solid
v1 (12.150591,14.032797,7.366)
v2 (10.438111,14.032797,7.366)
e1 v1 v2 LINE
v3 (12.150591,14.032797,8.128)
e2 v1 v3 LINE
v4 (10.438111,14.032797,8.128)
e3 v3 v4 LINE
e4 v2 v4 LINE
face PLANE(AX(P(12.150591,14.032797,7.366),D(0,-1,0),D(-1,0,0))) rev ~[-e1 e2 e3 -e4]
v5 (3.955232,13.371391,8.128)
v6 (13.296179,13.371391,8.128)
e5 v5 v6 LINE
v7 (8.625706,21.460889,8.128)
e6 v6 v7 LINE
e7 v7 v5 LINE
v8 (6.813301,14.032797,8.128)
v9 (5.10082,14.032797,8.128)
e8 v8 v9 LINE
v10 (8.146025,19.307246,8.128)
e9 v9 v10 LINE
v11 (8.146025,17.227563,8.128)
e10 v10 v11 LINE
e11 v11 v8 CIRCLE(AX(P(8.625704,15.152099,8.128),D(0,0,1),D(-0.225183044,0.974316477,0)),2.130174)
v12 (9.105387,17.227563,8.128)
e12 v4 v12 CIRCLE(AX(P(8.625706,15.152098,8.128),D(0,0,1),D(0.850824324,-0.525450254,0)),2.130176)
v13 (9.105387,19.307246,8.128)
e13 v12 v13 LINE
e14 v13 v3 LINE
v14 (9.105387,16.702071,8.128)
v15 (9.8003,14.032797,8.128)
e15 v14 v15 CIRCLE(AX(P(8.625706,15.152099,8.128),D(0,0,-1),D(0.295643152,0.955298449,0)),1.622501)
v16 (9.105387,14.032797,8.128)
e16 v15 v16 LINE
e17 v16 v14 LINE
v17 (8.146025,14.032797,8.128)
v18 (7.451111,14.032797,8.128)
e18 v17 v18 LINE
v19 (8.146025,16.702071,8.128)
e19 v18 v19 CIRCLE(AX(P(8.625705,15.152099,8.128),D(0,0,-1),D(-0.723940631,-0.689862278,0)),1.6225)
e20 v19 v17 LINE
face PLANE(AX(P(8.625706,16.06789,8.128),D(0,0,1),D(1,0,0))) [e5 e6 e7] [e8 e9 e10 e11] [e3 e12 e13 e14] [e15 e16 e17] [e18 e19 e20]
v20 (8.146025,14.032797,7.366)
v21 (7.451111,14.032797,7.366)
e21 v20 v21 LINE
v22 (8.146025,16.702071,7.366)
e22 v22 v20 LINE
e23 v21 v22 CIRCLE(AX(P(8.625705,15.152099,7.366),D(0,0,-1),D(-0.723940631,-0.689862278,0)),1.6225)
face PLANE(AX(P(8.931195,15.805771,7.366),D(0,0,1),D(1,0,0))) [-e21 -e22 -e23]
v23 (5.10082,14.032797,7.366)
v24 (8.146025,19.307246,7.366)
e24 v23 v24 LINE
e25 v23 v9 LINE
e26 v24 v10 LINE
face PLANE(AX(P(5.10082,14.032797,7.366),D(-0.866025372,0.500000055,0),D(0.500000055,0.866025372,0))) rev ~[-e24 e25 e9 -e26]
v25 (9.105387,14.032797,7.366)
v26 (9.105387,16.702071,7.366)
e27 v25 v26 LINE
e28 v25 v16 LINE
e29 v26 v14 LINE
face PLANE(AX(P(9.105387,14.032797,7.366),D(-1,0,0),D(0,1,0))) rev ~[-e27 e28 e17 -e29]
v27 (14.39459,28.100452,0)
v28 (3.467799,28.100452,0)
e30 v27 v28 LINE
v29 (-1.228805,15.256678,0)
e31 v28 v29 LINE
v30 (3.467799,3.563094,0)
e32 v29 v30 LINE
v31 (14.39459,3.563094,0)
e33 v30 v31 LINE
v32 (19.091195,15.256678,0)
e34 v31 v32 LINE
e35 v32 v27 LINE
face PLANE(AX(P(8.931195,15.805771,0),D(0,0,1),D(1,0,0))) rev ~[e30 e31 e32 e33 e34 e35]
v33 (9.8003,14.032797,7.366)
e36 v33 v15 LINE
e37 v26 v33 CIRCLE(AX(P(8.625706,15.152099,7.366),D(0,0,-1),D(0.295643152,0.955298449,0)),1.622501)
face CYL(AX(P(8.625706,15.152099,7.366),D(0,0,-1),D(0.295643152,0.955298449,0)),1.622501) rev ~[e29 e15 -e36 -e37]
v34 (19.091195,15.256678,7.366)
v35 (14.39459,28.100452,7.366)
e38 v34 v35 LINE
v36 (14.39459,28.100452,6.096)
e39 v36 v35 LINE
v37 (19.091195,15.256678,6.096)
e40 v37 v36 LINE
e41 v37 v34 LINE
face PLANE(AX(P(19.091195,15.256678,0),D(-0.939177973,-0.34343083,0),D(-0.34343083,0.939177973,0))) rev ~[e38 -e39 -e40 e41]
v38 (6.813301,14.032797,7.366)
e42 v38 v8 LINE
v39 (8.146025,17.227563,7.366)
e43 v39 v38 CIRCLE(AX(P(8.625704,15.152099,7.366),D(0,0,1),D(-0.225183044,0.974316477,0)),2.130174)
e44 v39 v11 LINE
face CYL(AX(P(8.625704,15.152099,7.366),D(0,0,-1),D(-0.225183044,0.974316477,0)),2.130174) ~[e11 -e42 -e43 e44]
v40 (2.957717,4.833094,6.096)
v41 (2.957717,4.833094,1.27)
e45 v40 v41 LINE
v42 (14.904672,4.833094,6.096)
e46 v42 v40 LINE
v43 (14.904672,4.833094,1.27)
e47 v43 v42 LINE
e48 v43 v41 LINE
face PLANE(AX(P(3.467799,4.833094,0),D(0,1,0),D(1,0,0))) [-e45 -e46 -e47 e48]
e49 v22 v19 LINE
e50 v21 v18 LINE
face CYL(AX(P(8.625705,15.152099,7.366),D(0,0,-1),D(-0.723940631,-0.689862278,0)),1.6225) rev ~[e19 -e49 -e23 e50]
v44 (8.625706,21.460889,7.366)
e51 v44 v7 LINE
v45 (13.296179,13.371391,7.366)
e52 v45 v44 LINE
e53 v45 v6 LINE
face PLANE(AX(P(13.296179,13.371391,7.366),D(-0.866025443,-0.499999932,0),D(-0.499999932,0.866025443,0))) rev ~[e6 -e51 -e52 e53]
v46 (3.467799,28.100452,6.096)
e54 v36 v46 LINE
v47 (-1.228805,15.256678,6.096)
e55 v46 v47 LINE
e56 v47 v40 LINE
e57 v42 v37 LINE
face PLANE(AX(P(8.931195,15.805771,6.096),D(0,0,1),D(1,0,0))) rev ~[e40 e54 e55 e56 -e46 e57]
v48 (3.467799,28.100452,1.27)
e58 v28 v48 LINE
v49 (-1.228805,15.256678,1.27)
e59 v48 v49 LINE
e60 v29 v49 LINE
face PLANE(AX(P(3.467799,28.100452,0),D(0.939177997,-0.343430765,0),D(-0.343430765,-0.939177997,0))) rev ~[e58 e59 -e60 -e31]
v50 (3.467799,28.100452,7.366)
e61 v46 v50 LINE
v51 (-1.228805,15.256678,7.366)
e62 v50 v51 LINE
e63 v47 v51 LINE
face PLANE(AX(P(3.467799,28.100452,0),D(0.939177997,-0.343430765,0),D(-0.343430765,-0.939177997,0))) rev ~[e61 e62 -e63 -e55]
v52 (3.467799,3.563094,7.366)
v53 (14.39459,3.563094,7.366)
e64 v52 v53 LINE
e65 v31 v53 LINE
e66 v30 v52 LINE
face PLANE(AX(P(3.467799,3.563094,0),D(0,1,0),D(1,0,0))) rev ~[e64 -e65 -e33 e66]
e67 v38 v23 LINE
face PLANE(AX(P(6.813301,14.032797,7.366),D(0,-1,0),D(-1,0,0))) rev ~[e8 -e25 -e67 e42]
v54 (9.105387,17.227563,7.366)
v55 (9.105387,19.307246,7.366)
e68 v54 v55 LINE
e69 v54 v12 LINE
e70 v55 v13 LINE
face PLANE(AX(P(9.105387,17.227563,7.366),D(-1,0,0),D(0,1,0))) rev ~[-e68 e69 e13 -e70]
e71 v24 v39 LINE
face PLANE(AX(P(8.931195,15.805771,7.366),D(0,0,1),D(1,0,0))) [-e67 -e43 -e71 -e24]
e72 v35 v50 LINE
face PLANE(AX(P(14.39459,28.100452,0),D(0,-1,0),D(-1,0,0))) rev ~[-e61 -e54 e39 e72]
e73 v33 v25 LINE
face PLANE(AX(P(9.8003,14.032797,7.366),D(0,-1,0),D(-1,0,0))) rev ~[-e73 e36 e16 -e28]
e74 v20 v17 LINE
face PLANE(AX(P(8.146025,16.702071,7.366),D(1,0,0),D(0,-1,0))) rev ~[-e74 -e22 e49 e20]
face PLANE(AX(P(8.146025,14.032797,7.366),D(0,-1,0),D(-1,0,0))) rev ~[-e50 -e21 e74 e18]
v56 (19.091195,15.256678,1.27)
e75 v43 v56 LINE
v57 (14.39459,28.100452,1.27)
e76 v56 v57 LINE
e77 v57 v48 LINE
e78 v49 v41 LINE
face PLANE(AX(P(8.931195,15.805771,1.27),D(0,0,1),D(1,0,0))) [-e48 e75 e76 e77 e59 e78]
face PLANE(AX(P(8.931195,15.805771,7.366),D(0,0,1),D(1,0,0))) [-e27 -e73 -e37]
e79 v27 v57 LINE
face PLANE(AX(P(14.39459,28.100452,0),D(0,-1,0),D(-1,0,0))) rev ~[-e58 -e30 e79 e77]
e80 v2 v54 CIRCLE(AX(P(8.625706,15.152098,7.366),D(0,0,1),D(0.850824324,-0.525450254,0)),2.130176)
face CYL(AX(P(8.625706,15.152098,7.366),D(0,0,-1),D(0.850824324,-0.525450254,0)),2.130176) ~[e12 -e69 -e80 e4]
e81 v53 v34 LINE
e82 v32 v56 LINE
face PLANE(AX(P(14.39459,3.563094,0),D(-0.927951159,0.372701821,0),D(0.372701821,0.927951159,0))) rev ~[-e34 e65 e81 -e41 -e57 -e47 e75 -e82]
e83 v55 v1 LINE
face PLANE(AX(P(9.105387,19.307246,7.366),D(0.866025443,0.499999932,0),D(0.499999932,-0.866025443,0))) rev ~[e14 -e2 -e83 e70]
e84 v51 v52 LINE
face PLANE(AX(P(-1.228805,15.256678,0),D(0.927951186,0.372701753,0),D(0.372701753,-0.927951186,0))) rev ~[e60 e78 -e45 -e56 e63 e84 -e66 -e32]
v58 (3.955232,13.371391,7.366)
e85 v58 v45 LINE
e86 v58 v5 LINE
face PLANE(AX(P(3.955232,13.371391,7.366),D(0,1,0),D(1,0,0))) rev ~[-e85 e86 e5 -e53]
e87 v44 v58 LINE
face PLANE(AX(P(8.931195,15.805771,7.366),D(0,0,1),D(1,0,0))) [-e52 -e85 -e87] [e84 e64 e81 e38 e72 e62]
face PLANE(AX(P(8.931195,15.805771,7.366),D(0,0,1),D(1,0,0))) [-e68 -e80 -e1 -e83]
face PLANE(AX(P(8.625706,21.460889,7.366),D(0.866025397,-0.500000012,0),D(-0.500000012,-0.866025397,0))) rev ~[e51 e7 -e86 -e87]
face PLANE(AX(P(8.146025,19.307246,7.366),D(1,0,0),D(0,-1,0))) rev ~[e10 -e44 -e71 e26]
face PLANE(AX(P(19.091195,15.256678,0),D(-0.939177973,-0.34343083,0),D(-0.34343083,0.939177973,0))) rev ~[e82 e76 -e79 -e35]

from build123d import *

# Parameters (mm, degrees)
F1_DEPTH = 7.366
F2_T     = -1.27
F4_DEPTH = 0.762


with BuildPart() as f1:
    # F0 (on Top) → F1 (new body)
    with BuildSketch(Plane.XY):
        Polygon((14.39459, 28.100452), (3.467799, 28.100452), (-1.228805, 15.256678), (3.467799, 3.563094), (8.931195, 3.563094), (14.39459, 3.563094), (19.091195, 15.256678), align=None)
    extrude(amount=F1_DEPTH)

    # F2
    f2_openings = [f1.faces().sort_by_distance(p)[0] for p in [
        (8.931195, 28.100452, 3.683),
        (16.742892, 21.678565, 3.683),
        (16.742892, 9.409886, 3.683),
        (1.119497, 21.678565, 3.683),
        (1.119497, 9.409886, 3.683),
    ]]
    offset(amount=F2_T, openings=f2_openings)

    # F3 (on face) → F4 (join)
    with BuildSketch(Plane.XY.offset(7.366)):
        Polygon((3.955232, 13.371391), (13.296179, 13.371391), (8.625706, 21.460889), align=None)
        with BuildLine():
            ThreePointArc((7.451111, 14.032797), (7.055542, 15.560872), (8.146025, 16.702071))
            Line((8.146025, 16.702071), (8.146025, 14.032797))
            Line((8.146025, 14.032797), (7.451111, 14.032797))
        make_face(mode=Mode.SUBTRACT)
        with BuildLine():
            ThreePointArc((9.105387, 16.702071), (10.195869, 15.560872), (9.8003, 14.032797))
            Line((9.8003, 14.032797), (9.105387, 14.032797))
            Line((9.105387, 14.032797), (9.105387, 16.702071))
        make_face(mode=Mode.SUBTRACT)
        with BuildLine():
            Line((6.813301, 14.032797), (5.10082, 14.032797))
            Line((5.10082, 14.032797), (8.146025, 19.307246))
            Line((8.146025, 19.307246), (8.146025, 17.227563))
            ThreePointArc((8.146025, 17.227563), (6.659733, 15.972221), (6.813301, 14.032797))
        make_face(mode=Mode.SUBTRACT)
        with BuildLine():
            Line((9.105387, 19.307246), (12.150591, 14.032797))
            Line((12.150591, 14.032797), (10.438111, 14.032797))
            ThreePointArc((10.438111, 14.032797), (10.591678, 15.972221), (9.105387, 17.227563))
            Line((9.105387, 17.227563), (9.105387, 19.307246))
        make_face(mode=Mode.SUBTRACT)
    extrude(amount=F4_DEPTH)


solid = f1.part
